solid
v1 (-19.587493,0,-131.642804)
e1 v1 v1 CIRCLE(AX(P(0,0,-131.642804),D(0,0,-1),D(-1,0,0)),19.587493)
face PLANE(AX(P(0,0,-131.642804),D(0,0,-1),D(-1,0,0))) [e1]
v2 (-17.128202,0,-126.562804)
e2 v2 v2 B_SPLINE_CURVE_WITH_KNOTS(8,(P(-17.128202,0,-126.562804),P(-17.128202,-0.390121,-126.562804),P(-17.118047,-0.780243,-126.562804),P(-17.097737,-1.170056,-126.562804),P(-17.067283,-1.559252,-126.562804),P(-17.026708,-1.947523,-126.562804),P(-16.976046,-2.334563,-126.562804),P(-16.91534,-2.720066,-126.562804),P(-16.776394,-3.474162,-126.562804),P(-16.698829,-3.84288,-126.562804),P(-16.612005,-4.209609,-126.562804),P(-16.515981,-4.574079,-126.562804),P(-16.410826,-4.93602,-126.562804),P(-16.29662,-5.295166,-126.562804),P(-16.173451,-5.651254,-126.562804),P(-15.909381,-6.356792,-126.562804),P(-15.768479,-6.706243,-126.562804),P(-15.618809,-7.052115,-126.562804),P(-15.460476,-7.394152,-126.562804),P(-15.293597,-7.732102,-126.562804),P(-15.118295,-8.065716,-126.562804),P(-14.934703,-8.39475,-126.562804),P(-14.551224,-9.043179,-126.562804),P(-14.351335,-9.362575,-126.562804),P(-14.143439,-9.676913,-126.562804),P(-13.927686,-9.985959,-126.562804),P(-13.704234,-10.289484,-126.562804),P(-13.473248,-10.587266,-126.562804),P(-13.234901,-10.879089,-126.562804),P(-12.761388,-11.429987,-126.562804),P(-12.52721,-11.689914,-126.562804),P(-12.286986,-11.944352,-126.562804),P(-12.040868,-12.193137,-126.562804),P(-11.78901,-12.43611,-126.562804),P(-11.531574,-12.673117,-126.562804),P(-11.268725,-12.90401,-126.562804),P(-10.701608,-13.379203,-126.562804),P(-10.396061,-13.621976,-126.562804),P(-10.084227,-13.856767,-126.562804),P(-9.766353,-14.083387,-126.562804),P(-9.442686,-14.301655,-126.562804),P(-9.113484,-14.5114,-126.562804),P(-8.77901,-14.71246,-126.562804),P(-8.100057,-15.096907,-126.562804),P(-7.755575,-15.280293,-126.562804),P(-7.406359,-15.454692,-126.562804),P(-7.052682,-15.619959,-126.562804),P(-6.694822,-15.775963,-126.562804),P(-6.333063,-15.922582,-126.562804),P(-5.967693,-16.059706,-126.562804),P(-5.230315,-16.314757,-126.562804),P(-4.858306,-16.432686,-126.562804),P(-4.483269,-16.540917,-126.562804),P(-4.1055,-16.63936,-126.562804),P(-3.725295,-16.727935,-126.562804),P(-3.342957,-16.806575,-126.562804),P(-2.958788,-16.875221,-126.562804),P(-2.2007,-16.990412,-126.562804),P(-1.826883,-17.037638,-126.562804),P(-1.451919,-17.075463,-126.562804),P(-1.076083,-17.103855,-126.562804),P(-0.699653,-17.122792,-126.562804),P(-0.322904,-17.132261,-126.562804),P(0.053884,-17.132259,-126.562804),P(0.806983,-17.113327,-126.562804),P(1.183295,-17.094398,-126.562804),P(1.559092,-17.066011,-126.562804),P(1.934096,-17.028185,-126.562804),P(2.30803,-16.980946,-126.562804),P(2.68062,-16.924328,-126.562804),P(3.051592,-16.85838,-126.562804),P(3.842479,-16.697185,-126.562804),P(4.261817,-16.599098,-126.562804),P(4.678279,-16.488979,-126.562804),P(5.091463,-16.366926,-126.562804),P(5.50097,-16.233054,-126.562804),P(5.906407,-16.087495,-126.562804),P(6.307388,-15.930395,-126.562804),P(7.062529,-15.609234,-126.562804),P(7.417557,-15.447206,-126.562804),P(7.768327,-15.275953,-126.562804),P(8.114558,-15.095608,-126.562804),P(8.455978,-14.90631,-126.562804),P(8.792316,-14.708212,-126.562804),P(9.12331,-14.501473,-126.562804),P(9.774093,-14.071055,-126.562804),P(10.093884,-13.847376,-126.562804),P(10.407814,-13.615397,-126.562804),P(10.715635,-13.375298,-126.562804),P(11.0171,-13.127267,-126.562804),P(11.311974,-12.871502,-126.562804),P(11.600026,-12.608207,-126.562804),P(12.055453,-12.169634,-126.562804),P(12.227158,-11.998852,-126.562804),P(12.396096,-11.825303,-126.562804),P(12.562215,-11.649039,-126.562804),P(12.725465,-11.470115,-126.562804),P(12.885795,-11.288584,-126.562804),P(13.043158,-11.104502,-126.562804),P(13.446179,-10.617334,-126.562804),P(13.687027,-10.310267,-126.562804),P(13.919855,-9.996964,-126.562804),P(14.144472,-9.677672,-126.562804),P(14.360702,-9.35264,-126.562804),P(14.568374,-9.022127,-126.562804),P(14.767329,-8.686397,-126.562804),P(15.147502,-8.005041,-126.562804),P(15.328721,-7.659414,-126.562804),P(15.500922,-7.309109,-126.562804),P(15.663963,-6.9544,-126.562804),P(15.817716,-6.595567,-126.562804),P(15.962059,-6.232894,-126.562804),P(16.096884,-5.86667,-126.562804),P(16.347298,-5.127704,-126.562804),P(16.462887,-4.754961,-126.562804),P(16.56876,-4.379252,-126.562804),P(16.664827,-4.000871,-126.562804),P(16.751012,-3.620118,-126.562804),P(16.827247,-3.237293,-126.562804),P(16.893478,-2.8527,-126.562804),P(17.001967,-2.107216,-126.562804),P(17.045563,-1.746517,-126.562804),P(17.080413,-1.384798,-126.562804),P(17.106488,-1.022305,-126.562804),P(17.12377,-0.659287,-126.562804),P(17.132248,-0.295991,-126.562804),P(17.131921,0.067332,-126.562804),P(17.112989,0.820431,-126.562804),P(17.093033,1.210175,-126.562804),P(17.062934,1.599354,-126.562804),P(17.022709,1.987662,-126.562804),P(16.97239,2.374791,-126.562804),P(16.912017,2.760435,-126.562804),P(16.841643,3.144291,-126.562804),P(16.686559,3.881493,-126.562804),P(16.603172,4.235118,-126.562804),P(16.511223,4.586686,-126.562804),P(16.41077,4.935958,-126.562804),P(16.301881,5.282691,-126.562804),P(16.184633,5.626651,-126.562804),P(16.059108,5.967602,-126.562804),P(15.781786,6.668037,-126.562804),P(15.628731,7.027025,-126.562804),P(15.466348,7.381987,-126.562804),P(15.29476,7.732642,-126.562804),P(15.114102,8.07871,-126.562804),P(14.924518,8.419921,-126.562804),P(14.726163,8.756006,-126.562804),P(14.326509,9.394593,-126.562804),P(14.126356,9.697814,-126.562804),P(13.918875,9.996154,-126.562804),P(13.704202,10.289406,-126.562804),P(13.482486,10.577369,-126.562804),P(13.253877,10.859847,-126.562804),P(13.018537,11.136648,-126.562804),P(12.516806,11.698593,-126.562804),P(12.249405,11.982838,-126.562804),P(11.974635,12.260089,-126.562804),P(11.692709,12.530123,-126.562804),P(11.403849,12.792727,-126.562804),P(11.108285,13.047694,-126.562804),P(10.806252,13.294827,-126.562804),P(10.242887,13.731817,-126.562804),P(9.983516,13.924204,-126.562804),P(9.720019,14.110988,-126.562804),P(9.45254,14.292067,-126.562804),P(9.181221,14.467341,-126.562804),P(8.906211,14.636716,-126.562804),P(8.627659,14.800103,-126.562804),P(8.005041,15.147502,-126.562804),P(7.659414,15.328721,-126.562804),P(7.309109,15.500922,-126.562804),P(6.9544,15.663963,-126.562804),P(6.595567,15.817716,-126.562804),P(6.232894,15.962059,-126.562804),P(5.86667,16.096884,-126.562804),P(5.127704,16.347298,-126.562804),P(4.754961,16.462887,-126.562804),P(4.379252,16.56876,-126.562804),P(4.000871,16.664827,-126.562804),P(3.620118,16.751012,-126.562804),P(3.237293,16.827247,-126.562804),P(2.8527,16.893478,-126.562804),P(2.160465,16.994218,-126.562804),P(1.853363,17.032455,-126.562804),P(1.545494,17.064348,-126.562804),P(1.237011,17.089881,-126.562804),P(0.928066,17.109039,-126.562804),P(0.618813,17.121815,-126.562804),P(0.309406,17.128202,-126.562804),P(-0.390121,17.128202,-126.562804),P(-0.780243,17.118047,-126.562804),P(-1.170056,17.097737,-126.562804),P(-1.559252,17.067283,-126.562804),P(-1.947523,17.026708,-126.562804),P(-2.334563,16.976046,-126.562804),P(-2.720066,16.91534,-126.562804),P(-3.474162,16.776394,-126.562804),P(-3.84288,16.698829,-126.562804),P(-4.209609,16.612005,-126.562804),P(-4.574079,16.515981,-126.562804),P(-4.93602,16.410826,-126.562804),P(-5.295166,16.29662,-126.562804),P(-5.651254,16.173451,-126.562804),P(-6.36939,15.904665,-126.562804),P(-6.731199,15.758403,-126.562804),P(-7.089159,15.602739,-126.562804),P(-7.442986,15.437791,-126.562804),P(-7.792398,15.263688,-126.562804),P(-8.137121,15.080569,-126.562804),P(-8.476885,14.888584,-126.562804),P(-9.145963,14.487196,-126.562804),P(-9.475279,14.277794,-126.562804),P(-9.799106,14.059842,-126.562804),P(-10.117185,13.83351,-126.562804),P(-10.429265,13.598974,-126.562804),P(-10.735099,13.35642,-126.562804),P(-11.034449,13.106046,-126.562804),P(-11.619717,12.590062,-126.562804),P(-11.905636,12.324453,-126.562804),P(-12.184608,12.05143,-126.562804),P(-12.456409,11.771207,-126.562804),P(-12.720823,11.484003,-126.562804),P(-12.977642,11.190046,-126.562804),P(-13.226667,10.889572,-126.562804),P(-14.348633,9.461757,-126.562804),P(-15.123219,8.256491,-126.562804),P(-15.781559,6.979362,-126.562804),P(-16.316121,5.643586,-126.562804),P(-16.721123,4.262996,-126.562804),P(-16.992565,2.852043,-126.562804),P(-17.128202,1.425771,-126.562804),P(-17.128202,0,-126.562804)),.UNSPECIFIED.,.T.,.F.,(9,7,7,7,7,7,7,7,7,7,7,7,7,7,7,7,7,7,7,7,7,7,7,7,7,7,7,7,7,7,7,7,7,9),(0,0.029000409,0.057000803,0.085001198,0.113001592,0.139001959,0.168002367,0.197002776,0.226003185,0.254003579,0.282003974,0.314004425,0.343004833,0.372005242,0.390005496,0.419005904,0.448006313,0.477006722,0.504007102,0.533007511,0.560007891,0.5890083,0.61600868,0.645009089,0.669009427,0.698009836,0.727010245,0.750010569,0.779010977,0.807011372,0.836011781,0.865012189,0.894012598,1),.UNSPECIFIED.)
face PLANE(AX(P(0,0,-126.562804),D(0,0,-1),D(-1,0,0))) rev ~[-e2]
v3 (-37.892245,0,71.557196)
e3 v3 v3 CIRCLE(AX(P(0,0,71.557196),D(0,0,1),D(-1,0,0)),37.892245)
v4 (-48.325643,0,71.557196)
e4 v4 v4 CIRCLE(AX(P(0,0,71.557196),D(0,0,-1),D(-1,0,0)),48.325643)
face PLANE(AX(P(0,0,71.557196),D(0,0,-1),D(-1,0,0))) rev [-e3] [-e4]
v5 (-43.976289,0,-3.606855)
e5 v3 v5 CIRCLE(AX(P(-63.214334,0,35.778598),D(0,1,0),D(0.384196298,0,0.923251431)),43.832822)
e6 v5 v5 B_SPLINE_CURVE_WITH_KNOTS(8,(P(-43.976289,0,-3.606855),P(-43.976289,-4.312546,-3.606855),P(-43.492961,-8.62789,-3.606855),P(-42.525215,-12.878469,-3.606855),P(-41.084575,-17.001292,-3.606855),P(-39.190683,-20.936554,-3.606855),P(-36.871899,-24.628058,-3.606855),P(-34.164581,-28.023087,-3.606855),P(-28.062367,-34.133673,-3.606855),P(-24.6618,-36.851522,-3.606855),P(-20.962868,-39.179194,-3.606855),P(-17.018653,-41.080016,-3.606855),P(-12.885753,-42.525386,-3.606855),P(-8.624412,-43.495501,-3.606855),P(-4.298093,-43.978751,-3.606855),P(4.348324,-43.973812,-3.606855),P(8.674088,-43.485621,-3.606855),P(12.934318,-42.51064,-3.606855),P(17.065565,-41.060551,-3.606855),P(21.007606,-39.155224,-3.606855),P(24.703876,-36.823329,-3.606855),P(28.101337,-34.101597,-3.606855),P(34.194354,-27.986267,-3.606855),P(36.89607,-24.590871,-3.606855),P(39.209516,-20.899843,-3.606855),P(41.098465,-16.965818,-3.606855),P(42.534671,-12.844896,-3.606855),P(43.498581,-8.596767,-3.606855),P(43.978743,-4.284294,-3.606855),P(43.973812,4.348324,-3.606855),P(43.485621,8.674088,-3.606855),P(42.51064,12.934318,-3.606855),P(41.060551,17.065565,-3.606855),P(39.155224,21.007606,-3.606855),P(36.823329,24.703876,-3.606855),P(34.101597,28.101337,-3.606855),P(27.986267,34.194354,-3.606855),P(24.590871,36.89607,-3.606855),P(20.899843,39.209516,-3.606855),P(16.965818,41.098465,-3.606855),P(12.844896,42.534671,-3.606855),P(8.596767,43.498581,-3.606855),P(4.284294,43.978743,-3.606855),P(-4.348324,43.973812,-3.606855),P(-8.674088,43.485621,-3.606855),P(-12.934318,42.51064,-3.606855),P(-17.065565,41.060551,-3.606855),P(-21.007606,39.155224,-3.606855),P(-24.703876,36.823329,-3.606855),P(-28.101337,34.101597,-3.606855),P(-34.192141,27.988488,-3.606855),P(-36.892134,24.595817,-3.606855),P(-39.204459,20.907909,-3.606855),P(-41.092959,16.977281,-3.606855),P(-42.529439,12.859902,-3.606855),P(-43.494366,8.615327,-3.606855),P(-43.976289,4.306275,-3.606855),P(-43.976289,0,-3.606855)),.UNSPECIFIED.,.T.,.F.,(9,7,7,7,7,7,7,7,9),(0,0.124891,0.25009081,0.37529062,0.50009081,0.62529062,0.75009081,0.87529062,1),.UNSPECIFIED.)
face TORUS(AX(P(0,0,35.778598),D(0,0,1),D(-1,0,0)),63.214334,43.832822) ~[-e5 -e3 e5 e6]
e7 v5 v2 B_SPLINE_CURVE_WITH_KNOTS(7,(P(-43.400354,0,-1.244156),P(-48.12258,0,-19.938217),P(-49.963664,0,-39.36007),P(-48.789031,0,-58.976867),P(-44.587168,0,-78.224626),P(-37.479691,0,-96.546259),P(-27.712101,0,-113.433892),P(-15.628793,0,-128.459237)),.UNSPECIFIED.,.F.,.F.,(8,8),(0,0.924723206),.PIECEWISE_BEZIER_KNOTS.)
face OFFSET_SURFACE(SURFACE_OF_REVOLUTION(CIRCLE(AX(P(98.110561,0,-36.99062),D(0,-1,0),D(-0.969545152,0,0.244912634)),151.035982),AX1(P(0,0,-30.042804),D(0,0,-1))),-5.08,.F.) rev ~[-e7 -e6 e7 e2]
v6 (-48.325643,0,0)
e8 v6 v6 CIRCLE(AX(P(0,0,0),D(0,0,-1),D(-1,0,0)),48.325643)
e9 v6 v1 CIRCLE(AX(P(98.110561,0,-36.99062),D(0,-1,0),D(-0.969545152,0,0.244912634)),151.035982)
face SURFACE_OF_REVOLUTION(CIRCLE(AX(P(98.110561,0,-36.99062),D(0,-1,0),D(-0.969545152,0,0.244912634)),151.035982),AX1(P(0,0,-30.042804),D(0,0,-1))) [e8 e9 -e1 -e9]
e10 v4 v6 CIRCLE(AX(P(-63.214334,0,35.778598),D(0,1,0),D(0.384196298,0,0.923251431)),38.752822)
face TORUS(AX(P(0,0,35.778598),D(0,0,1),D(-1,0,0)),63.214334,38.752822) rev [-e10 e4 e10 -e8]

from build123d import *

# Parameters (mm, degrees)
F2_T = -5.08


with BuildPart() as f1:
    # F0 (on Front) → F1 (revolve)
    with BuildSketch(Plane.XZ):
        with BuildLine():
            Line((0, -131.642804), (0, 71.557196))
            Line((0, 71.557196), (-48.325643, 71.557196))
            ThreePointArc((-48.325643, 71.557196), (-24.461512, 35.778598), (-48.325643, 0))
            ThreePointArc((-48.325643, 0), (-49.450218, -69.203728), (-19.587493, -131.642804))
            Line((-19.587493, -131.642804), (0, -131.642804))
        make_face()
    revolve(axis=Axis((0, 0, -30.042804), (0, 0, -1)))

    # F2
    f2_openings = [f1.faces().sort_by_distance(p)[0] for p in [
        (0, 0, 71.557196),
    ]]
    offset(amount=F2_T, openings=f2_openings)


solid = f1.part
